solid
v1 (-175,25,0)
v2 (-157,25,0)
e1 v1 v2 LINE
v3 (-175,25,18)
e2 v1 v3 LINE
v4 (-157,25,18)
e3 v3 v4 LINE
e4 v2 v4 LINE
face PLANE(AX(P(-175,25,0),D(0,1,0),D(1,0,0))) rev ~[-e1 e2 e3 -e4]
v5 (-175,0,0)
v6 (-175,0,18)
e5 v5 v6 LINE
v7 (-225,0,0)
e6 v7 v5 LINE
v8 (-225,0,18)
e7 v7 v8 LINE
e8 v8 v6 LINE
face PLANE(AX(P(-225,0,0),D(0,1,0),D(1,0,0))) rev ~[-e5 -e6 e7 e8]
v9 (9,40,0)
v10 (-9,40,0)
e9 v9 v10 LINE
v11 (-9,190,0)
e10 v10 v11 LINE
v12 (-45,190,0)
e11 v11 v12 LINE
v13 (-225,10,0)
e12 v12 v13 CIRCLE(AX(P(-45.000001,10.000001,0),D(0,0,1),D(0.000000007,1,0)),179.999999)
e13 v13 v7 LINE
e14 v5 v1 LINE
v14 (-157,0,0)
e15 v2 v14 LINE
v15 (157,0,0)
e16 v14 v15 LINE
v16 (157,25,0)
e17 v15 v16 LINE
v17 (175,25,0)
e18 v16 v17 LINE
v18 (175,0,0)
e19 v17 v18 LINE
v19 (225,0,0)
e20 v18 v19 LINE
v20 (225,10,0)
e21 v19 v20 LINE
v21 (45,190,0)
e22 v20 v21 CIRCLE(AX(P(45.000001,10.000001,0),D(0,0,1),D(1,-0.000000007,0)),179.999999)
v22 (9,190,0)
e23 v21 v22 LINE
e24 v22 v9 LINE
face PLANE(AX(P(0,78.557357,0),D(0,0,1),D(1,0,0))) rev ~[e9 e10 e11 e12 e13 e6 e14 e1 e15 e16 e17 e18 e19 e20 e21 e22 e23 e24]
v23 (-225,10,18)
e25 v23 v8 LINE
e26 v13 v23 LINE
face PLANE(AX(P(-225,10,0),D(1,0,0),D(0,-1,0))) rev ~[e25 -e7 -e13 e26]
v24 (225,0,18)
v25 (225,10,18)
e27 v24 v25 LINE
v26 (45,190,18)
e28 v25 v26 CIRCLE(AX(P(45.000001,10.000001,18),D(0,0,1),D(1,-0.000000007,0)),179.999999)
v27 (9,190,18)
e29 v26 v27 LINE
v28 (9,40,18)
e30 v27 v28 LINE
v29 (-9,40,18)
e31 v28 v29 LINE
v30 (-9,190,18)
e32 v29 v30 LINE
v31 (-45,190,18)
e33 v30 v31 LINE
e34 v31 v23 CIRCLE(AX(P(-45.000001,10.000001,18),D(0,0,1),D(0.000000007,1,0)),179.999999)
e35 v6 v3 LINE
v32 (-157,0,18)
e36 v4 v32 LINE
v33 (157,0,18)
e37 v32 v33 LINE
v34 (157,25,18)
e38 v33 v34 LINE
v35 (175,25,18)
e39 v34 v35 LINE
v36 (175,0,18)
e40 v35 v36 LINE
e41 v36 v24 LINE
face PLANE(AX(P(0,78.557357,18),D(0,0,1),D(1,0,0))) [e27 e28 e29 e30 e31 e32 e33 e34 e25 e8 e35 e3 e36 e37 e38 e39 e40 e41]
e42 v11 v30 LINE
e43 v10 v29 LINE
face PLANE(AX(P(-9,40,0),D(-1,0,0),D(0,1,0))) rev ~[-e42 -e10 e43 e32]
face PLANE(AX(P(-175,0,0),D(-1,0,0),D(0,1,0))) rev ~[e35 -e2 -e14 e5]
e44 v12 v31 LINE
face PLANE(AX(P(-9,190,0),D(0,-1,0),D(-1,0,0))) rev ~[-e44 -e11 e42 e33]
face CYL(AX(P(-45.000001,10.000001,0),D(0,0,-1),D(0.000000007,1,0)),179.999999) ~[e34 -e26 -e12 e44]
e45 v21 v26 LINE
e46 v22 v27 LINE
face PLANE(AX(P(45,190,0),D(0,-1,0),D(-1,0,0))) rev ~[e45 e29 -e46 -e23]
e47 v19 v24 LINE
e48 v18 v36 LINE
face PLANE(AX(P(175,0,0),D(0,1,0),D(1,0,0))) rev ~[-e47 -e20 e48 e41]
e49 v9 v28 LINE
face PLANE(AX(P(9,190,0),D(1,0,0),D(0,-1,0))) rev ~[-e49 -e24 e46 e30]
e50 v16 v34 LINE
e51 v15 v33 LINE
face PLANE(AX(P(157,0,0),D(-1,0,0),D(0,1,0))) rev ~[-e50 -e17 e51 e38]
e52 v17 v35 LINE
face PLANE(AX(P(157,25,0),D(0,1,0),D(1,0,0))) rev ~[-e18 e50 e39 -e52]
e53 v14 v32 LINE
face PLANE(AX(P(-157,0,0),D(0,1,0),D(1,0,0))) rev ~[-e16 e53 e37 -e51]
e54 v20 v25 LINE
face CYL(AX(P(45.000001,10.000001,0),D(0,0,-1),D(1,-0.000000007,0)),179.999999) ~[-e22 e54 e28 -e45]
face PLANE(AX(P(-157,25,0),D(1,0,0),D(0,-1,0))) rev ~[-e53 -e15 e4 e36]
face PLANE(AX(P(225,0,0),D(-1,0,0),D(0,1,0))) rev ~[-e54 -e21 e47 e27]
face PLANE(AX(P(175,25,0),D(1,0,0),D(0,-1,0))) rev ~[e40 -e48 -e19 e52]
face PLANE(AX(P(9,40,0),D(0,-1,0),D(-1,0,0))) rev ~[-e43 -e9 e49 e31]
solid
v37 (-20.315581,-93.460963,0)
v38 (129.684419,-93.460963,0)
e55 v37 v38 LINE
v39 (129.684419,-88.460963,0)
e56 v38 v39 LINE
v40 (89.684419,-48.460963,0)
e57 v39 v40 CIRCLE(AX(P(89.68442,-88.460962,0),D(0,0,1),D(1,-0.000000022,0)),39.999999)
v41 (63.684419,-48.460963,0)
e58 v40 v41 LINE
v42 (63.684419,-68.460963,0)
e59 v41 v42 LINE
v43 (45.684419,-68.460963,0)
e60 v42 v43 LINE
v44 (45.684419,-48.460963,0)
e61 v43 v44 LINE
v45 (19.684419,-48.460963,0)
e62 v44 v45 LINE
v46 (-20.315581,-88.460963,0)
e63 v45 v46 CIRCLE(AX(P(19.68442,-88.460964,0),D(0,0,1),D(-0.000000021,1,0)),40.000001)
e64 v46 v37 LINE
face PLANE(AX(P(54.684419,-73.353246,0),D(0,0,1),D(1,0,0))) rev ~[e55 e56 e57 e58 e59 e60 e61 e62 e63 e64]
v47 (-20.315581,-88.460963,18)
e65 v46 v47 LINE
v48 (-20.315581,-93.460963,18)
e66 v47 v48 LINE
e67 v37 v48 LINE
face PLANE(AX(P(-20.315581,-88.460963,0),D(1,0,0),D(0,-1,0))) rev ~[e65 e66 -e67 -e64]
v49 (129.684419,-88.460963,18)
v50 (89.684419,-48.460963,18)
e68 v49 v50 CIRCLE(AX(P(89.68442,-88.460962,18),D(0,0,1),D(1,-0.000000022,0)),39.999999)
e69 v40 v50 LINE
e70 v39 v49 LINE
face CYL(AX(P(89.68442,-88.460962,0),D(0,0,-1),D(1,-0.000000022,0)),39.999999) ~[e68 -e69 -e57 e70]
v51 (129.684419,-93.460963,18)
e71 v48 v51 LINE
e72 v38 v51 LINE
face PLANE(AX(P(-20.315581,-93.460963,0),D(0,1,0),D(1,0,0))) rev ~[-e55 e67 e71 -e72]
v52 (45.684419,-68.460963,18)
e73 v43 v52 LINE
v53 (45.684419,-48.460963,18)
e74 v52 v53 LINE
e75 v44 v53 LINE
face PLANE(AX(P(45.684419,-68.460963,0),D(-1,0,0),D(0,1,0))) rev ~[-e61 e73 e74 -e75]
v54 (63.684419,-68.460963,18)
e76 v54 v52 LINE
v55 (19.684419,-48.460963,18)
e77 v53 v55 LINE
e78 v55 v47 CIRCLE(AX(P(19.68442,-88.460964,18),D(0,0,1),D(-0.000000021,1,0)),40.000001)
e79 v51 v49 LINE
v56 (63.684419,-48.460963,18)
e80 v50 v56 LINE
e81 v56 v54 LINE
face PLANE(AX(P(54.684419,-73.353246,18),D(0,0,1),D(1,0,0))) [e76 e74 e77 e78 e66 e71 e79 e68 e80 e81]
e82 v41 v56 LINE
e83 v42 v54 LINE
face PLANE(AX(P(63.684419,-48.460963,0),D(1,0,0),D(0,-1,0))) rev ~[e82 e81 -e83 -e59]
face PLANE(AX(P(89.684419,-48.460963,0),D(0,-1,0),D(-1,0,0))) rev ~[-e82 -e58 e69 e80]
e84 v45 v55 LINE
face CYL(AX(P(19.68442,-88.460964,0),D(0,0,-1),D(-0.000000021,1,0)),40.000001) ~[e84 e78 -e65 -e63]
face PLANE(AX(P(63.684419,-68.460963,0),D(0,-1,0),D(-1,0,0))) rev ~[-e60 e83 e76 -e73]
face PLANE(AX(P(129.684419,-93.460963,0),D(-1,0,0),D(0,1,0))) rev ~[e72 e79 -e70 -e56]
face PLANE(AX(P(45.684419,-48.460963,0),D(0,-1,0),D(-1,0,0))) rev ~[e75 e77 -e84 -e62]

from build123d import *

# Parameters (mm, degrees)
F1_DEPTH = 18
F3_DEPTH = 18


with BuildPart() as f1:
    # F0 (on Top) → F1 (new body)
    with BuildSketch(Plane.XY):
        with BuildLine():
            Line((-225, 10), (-225, 0))
            Line((-225, 0), (-175, 0))
            Line((-175, 0), (-175, 25))
            Line((-175, 25), (-157, 25))
            Line((-157, 25), (-157, 0))
            Line((-157, 0), (157, 0))
            Line((157, 0), (157, 25))
            Line((157, 25), (175, 25))
            Line((175, 25), (175, 0))
            Line((175, 0), (225, 0))
            Line((225, 0), (225, 10))
            ThreePointArc((225, 10), (172.279221, 137.279221), (45, 190))
            Line((45, 190), (9, 190))
            Line((9, 190), (9, 186.363261))
            Line((9, 186.363261), (9, 40))
            Line((9, 40), (-9, 40))
            Line((-9, 40), (-9, 186.363261))
            Line((-9, 186.363261), (-9, 190))
            Line((-9, 190), (-45, 190))
            ThreePointArc((-45, 190), (-172.279221, 137.279221), (-225, 10))
        make_face()
    extrude(amount=F1_DEPTH)


with BuildPart() as f3:
    # F2 (on Top) → F3 (new body)
    with BuildSketch(Plane.XY):
        with BuildLine():
            Line((-20.315581, -93.460963), (129.684419, -93.460963))
            Line((129.684419, -93.460963), (129.684419, -88.460963))
            ThreePointArc((129.684419, -88.460963), (117.968691, -60.176692), (89.684419, -48.460963))
            Line((89.684419, -48.460963), (63.684419, -48.460963))
            Line((63.684419, -48.460963), (63.684419, -68.460963))
            Line((63.684419, -68.460963), (45.684419, -68.460963))
            Line((45.684419, -68.460963), (45.684419, -48.460963))
            Line((45.684419, -48.460963), (19.684419, -48.460963))
            ThreePointArc((19.684419, -48.460963), (-8.599852, -60.176692), (-20.315581, -88.460963))
            Line((-20.315581, -88.460963), (-20.315581, -93.460963))
        make_face()
    extrude(amount=F3_DEPTH)


solid = Compound([f1.part, f3.part])
